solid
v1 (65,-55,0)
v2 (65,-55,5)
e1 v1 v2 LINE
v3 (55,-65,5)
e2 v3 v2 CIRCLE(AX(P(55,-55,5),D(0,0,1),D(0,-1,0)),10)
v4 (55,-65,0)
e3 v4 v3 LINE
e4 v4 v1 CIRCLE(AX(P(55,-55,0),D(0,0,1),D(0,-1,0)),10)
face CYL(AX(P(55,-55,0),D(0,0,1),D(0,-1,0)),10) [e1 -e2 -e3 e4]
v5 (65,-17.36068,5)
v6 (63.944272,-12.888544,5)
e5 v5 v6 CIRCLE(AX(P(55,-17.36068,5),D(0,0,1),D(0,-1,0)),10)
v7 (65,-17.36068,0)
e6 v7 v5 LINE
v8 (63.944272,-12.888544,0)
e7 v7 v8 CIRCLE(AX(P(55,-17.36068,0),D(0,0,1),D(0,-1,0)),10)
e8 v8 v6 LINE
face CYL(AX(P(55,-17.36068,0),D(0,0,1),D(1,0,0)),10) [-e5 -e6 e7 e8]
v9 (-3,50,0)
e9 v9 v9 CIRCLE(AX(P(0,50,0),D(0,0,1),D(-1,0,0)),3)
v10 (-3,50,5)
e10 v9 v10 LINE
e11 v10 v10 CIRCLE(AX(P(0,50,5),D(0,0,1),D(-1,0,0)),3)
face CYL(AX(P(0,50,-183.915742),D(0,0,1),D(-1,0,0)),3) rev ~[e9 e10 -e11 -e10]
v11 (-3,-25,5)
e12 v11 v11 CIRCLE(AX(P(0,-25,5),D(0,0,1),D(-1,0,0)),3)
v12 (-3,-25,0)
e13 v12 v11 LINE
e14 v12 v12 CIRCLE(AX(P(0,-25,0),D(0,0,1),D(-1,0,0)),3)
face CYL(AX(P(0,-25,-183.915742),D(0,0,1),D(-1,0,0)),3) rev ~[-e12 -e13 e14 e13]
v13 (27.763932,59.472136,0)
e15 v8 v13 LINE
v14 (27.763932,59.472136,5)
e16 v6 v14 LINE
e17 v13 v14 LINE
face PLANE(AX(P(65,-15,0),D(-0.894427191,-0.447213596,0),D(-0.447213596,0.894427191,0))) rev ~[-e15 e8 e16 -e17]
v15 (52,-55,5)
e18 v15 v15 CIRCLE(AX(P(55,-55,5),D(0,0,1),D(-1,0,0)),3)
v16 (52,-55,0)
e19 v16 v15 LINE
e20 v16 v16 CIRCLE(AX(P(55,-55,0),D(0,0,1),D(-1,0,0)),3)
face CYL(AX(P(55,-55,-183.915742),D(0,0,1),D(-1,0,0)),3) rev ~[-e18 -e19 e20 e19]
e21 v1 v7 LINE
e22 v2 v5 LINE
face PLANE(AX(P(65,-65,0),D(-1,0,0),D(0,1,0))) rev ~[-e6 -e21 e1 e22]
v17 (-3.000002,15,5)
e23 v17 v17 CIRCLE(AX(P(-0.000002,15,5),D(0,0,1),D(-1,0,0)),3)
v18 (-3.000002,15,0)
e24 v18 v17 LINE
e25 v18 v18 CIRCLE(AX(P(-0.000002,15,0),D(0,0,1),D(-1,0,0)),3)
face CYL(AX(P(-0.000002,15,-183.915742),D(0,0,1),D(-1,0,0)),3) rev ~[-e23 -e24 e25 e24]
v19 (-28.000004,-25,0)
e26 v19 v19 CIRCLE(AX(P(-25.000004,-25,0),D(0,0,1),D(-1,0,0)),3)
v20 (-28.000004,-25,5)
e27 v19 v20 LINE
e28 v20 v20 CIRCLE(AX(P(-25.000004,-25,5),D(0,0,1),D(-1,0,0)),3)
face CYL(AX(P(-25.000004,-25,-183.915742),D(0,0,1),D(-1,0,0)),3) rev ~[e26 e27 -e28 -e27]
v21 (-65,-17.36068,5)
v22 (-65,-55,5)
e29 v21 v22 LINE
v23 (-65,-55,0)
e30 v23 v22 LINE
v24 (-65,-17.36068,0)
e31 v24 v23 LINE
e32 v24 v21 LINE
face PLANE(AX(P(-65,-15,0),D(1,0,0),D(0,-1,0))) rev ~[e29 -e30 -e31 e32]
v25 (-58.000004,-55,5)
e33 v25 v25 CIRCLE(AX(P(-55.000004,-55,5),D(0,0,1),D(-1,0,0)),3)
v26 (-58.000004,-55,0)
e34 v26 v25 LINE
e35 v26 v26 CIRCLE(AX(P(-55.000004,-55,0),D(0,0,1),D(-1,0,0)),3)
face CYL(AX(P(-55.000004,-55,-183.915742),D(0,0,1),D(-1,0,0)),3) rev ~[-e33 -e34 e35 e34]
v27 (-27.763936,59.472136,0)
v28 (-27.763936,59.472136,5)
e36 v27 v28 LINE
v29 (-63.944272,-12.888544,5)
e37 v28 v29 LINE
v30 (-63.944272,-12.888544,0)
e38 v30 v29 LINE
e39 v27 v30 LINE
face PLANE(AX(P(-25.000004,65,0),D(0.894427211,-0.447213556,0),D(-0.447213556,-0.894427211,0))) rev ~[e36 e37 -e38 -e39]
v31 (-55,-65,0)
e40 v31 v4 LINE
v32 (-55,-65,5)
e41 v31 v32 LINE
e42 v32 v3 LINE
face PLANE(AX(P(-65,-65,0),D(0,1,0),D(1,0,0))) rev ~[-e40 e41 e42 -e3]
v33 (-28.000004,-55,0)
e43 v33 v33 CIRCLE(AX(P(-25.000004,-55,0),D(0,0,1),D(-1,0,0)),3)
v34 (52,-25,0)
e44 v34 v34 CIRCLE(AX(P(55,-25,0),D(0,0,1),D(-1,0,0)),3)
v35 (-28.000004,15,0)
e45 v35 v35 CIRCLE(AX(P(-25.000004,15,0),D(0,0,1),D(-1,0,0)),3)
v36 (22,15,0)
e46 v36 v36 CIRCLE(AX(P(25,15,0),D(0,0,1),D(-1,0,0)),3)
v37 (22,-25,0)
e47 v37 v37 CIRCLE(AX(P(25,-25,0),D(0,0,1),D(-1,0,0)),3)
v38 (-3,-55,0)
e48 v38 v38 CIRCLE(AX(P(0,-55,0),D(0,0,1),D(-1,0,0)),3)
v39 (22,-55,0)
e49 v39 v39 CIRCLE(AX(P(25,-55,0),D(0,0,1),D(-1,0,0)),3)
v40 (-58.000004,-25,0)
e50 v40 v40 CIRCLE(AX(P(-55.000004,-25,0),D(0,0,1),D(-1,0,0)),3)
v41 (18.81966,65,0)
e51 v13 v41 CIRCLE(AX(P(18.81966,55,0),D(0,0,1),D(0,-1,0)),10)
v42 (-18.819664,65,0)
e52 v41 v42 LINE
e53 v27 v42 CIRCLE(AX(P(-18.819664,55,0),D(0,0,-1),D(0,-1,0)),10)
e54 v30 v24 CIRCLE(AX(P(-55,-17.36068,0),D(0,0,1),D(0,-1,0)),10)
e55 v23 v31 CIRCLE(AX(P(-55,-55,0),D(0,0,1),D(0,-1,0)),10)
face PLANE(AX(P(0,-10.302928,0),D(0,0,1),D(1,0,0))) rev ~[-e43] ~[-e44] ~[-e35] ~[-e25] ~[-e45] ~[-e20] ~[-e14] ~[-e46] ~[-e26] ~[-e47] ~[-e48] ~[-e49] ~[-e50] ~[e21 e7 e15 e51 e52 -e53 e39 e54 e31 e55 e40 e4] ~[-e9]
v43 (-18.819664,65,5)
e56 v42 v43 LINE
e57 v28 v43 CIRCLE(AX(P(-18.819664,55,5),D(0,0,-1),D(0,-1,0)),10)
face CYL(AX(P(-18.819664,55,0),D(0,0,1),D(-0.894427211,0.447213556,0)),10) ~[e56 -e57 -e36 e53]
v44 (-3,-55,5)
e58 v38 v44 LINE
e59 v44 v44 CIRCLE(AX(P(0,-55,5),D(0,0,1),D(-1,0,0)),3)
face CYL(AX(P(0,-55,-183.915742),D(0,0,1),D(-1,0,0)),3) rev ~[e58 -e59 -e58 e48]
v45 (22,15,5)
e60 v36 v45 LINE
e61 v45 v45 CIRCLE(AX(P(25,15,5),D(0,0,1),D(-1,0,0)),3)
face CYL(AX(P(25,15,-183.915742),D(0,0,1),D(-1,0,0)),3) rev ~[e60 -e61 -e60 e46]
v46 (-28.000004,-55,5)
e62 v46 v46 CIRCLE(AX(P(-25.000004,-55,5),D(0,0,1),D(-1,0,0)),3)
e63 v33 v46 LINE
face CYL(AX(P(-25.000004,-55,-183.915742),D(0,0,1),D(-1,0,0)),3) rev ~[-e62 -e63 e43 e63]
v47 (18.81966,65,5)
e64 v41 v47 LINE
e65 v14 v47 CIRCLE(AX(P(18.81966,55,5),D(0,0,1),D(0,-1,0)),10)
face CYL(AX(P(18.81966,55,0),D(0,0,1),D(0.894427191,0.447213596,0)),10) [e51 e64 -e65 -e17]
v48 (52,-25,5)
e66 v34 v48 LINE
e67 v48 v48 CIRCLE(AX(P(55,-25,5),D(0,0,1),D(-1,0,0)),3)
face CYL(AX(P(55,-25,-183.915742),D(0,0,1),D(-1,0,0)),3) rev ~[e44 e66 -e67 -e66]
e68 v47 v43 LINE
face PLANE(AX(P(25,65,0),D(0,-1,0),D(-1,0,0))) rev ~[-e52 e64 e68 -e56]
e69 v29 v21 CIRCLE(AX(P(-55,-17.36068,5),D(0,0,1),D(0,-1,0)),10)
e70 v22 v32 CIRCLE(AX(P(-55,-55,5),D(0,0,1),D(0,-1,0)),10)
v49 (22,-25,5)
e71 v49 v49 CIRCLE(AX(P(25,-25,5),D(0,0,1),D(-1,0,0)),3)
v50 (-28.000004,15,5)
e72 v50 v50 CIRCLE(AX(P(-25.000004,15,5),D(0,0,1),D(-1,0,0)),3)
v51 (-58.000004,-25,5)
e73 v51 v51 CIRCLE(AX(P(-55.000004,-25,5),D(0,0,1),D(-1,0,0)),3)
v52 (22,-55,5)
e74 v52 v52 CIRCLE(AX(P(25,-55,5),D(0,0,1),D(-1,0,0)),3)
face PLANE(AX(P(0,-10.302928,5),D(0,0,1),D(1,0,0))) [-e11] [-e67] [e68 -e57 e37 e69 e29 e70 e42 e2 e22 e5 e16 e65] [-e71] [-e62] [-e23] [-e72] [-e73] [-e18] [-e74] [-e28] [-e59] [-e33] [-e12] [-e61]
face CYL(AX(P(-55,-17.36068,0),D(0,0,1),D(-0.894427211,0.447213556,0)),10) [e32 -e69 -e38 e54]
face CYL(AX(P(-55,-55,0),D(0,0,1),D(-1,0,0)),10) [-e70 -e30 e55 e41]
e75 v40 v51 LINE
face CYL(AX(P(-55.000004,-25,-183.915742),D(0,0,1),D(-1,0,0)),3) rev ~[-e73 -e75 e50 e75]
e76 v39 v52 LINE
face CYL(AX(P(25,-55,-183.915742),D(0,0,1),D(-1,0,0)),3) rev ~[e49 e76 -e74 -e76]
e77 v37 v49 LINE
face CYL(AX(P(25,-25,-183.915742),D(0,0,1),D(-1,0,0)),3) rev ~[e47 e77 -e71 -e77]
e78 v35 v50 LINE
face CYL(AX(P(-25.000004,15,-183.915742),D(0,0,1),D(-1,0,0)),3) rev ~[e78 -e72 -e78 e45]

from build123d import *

# Parameters (mm, degrees)
F2_DEPTH = 5
F3_R     = 10
F4_D     = 6


with BuildPart() as f2:
    # F1 (on Top) → F2 (new body)
    with BuildSketch(Plane.XY):
        Polygon((-25.0000044703, 65), (-65, -15), (-65, -65), (65, -65), (65, -15), (25, 65), align=None)
    extrude(amount=F2_DEPTH)

    # F3
    f3_edges = [f2.edges().sort_by_distance(p)[0] for p in [
        (-65, -65, 2.5),
        (-65, -15, 2.5),
        (-25.000004, 65, 2.5),
        (25, 65, 2.5),
        (65, -15, 2.5),
        (65, -65, 2.5),
    ]]
    fillet(f3_edges, radius=F3_R)

    # F4 (through all)
    with Locations(Plane(origin=(0, 0, 0), x_dir=(1, 0, 0), z_dir=(0, 0, -1))):
        with Locations((-55.0000044703, 25), (-25.0000044703, 25), (-55.0000044703, 55), (-25.0000044703, 55), (25, 55), (25, 25), (55, 25), (55, 55), (0, -50), (0, 55), (0, 25), (25, -15), (-2.2352e-06, -15), (-25.0000044703, -15)):
            Hole(F4_D / 2)


solid = f2.part
